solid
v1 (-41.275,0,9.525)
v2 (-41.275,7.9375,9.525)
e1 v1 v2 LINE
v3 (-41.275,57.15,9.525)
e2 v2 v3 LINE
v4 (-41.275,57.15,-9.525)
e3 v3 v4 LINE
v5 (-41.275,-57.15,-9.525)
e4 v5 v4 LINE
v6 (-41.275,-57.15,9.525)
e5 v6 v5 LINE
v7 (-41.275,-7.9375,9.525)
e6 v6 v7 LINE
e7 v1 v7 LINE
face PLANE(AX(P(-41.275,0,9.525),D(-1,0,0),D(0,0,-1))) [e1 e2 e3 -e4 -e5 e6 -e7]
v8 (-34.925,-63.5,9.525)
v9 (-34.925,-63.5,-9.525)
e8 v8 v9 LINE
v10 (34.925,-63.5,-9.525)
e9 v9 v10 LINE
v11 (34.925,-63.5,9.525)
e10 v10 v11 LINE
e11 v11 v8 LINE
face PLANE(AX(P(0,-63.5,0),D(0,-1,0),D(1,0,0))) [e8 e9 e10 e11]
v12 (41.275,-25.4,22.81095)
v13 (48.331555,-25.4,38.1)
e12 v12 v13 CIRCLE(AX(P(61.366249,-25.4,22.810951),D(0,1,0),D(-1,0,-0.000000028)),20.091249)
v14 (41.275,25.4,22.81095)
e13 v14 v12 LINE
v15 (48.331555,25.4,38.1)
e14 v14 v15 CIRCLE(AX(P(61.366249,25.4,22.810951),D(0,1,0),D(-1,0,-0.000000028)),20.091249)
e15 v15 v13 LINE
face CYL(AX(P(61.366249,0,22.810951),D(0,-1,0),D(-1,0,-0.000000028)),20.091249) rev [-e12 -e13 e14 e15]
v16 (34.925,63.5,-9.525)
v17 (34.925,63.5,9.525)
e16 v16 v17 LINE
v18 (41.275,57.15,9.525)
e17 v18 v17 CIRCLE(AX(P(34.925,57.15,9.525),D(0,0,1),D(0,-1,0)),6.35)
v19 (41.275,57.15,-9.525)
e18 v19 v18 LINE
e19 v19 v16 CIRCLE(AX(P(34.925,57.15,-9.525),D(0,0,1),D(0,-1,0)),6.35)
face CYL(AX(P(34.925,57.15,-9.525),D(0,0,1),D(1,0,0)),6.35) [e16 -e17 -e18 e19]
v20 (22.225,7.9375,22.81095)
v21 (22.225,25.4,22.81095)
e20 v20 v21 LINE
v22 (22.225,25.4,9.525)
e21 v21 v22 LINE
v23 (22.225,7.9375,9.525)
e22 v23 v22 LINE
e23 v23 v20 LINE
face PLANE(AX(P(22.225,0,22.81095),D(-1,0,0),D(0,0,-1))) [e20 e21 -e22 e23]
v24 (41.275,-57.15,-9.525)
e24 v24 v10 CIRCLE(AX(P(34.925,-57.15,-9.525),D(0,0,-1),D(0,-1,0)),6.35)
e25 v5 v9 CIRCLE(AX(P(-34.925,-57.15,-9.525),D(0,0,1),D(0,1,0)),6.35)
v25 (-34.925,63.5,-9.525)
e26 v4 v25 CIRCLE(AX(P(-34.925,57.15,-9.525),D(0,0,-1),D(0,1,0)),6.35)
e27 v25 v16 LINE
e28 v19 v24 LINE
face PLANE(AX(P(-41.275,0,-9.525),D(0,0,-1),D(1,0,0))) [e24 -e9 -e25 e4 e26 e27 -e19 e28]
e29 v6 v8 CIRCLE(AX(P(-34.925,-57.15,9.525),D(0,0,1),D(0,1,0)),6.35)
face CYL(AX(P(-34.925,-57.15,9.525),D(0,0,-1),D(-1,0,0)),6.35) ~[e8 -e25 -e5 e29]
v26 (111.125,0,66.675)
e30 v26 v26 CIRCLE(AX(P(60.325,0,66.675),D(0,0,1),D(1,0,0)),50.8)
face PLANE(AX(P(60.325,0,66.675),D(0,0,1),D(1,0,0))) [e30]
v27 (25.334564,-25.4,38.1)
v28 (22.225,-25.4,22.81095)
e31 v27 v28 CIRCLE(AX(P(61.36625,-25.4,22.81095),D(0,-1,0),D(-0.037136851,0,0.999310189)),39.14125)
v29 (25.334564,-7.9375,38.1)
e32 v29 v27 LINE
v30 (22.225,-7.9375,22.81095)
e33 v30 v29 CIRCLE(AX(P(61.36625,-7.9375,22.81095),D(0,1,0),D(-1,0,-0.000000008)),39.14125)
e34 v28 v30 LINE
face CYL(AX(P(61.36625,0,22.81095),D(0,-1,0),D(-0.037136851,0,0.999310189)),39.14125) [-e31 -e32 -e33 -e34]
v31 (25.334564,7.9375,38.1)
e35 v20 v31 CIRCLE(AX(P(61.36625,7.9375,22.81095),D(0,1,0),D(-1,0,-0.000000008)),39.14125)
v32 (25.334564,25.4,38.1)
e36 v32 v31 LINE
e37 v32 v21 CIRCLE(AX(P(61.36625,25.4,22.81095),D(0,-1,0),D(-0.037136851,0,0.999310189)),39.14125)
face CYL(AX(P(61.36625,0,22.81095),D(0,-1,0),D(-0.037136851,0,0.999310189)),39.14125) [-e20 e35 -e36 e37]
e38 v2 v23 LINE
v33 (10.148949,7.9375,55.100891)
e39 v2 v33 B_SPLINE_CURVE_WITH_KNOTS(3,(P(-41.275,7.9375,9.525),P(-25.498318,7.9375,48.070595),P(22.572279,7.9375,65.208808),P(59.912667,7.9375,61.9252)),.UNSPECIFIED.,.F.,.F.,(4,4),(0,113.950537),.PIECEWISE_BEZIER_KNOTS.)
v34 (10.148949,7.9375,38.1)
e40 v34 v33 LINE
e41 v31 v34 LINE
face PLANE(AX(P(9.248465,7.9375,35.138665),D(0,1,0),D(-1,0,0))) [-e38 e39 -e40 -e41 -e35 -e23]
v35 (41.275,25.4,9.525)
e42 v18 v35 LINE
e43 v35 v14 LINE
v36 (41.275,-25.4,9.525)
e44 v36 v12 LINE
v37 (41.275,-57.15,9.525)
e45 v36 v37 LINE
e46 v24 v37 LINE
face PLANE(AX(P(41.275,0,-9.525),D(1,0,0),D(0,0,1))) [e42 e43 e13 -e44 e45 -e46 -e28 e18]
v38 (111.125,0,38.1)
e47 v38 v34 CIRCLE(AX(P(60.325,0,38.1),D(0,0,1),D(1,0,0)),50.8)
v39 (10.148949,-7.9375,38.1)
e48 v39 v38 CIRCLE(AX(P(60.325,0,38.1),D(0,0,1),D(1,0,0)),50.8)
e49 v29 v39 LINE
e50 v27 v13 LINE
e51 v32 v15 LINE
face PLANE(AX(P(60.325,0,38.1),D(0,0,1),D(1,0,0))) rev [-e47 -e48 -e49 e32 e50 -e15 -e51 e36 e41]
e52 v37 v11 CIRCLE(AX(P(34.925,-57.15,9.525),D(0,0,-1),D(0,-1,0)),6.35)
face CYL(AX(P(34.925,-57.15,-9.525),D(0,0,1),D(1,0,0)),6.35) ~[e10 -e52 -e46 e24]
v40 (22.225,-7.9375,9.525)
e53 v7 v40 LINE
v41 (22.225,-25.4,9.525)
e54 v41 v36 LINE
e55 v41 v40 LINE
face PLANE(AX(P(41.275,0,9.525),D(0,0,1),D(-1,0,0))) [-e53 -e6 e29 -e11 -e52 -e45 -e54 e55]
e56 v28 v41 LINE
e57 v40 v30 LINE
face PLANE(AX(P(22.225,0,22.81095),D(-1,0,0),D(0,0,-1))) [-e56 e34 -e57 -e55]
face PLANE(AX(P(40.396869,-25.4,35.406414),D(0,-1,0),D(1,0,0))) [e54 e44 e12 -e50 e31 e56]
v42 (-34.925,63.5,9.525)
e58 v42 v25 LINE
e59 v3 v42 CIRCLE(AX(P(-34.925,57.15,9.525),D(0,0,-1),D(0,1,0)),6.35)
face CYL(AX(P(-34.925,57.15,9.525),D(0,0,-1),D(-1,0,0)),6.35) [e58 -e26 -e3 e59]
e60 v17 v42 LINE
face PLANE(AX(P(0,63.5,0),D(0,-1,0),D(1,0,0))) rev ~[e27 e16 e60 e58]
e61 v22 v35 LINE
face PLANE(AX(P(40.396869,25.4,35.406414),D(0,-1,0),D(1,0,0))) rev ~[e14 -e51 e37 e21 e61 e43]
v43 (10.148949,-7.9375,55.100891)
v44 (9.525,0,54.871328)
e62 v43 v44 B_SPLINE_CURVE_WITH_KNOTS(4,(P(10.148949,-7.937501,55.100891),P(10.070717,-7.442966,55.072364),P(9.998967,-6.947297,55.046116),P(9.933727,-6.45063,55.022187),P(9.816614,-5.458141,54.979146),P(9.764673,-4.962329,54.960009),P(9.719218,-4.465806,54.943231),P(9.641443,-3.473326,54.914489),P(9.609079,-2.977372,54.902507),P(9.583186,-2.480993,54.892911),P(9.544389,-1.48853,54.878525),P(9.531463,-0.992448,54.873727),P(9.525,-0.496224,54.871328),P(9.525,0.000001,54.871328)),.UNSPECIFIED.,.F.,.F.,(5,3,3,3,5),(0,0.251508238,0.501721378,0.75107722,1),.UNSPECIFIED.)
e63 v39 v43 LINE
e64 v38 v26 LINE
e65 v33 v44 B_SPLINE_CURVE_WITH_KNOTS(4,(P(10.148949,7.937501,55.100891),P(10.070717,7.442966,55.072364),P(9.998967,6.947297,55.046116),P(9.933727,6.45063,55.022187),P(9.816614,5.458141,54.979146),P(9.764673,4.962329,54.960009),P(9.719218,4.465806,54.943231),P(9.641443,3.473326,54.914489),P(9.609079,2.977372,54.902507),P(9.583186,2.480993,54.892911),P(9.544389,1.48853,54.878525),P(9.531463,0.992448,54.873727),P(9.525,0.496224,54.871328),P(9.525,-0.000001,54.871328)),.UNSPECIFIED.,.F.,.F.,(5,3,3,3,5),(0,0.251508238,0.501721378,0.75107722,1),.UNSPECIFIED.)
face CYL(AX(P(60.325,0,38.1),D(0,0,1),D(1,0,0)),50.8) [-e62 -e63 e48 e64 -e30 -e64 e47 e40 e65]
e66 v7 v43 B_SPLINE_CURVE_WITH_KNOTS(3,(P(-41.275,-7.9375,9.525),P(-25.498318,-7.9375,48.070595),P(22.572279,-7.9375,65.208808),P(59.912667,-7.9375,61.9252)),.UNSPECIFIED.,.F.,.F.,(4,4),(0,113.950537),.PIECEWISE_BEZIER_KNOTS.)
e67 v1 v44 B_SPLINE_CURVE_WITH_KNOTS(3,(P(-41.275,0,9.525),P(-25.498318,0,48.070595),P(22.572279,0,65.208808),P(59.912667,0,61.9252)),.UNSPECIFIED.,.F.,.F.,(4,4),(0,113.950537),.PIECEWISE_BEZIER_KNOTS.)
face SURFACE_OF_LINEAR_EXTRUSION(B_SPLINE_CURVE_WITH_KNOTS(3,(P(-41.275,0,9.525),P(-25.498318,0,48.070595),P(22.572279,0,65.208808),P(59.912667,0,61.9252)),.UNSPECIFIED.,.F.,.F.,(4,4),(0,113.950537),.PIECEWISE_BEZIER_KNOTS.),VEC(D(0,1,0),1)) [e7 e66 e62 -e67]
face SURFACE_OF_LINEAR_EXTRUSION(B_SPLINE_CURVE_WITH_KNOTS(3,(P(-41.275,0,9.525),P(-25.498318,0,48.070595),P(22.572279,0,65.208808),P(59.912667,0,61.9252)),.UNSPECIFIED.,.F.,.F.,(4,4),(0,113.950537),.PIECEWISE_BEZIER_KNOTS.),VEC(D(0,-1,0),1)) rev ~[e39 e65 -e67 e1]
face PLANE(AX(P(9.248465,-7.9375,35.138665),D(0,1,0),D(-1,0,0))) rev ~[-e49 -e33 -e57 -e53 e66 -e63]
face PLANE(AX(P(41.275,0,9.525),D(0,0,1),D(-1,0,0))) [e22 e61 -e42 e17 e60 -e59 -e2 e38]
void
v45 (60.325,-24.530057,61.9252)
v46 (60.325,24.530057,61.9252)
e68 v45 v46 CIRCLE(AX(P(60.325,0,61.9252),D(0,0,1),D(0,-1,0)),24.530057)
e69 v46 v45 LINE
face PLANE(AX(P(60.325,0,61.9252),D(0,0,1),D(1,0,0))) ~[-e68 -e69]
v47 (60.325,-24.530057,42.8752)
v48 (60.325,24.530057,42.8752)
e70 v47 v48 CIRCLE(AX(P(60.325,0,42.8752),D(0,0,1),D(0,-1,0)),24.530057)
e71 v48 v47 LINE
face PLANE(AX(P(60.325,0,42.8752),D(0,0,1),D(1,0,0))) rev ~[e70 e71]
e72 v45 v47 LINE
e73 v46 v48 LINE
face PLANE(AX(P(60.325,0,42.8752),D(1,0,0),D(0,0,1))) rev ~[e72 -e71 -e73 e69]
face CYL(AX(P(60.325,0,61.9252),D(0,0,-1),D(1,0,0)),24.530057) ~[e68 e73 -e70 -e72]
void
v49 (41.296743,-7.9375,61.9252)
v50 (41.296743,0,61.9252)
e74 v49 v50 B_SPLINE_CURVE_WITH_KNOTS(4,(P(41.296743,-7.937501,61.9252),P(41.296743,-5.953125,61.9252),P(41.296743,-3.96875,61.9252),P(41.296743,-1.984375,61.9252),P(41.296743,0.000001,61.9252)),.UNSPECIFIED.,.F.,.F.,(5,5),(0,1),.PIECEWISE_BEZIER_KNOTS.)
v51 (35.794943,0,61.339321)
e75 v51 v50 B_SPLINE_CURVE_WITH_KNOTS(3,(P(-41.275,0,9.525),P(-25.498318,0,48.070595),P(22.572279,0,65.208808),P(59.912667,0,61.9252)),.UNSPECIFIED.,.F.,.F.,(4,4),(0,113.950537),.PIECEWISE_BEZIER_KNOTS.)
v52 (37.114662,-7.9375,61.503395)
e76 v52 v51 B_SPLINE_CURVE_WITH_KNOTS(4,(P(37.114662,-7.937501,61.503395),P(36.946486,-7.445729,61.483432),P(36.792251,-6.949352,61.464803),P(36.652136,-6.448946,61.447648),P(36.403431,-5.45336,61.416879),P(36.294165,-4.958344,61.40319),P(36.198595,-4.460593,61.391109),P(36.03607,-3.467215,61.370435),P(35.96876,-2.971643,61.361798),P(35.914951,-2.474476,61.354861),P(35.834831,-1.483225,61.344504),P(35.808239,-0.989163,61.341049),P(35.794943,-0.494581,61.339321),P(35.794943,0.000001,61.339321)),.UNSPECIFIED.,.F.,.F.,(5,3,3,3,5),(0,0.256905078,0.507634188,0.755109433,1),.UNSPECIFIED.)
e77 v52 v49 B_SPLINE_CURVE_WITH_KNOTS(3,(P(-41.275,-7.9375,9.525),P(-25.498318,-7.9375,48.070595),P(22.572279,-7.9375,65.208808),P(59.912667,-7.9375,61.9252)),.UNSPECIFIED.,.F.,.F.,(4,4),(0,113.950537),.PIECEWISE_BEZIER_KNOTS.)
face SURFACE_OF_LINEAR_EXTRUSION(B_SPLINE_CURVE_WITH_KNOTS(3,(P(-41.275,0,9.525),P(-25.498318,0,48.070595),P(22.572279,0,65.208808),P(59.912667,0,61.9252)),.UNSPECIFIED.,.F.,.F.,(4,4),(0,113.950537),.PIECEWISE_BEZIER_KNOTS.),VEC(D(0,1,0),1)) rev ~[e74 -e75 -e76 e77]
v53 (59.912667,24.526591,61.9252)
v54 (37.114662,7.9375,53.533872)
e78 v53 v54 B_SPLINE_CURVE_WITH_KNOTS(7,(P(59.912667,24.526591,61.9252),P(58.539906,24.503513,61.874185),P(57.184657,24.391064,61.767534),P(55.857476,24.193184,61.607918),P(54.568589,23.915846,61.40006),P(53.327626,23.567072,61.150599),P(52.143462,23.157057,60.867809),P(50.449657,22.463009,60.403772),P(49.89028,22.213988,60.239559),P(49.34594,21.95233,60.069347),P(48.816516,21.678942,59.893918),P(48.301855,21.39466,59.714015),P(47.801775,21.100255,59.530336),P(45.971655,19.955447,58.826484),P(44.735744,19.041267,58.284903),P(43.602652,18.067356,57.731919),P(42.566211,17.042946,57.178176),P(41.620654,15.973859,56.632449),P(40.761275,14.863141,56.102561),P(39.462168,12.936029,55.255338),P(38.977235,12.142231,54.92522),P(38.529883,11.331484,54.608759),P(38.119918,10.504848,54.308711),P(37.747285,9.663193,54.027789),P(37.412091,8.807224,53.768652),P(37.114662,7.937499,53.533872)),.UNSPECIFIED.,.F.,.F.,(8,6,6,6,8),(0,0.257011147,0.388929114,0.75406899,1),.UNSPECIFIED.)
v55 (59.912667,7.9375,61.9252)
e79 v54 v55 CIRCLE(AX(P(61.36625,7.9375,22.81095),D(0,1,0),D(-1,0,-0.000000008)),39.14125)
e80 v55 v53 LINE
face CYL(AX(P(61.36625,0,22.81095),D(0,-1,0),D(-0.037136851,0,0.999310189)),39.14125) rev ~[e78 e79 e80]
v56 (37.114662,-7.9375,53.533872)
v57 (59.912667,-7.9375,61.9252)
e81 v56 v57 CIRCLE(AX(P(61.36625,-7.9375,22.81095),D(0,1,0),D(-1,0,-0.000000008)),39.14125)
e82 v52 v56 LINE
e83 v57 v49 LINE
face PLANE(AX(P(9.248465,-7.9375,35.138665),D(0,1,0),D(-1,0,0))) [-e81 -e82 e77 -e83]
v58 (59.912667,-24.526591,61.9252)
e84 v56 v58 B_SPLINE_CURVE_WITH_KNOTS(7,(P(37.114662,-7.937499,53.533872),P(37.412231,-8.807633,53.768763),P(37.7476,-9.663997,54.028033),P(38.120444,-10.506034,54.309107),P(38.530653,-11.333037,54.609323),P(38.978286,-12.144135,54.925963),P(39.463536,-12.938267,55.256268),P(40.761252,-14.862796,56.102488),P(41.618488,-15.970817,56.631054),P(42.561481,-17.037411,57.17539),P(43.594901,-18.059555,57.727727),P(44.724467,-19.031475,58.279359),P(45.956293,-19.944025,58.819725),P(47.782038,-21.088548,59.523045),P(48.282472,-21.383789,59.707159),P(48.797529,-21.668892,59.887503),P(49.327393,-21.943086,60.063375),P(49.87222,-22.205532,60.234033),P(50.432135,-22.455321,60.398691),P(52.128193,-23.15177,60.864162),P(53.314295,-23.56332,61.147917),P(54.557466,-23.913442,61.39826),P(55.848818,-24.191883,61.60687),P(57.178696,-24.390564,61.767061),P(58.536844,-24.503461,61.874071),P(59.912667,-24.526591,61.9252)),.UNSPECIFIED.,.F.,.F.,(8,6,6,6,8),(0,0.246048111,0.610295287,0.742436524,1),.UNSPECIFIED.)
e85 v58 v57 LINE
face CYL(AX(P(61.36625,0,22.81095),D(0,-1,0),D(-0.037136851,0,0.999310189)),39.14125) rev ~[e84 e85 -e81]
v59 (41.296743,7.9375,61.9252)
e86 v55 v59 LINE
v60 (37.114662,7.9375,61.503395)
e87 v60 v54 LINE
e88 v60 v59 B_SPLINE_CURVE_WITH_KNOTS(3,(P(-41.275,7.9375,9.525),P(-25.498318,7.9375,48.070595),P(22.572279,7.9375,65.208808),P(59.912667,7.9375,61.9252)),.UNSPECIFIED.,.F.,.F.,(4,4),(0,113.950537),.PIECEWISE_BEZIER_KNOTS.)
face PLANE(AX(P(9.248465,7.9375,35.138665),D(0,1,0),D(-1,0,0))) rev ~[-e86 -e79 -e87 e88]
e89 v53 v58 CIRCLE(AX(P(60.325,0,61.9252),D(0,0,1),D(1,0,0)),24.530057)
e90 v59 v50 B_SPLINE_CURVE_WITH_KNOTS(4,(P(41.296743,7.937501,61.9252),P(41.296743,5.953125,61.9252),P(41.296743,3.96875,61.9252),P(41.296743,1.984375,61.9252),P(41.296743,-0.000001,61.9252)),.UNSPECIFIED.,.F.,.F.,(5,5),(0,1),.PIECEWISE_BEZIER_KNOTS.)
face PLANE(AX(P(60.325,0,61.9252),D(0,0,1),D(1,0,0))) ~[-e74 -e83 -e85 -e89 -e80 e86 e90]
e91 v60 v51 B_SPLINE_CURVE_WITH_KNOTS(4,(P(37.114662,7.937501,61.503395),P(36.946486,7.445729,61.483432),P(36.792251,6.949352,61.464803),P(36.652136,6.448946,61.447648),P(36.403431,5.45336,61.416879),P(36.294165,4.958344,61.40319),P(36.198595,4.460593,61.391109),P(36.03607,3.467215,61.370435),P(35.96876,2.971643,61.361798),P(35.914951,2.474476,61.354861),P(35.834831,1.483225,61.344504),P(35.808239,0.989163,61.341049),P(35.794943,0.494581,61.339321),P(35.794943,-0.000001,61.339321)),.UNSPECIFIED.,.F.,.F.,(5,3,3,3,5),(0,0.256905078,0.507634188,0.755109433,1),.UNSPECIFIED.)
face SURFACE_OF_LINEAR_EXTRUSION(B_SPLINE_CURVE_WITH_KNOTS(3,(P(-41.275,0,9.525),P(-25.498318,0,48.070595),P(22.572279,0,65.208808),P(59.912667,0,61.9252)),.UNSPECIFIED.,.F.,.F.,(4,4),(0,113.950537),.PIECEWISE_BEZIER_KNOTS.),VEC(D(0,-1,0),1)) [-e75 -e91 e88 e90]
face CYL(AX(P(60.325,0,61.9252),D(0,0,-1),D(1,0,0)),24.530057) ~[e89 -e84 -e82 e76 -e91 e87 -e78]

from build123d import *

# Parameters (mm, degrees)
F1_DEPTH = 63.5
F2_DEPTH = 25.4
F3_DEPTH = 7.9375
F5_R     = 6.35


with BuildPart() as f1:
    # F0 (on Front) → F1 (new body, symmetric)
    with BuildSketch(Plane.XZ):
        Polygon((-41.275, -9.525), (41.275, -9.525), (41.275, 9.525), (22.225, 9.525), (-41.275, 9.525), align=None)
    extrude(amount=F1_DEPTH, both=True)

    # F0 (on Front) → F2 (join, symmetric)
    with BuildSketch(Plane.XZ):
        with BuildLine():
            Line((22.225, 9.525), (41.275, 9.525))
            Line((41.275, 9.525), (41.275, 22.81095))
            ThreePointArc((41.275, 22.81095), (46.796103, 36.644574), (60.325, 42.8752))
            Line((60.325, 42.8752), (60.325, 61.9252))
            Line((60.325, 61.9252), (59.912667, 61.9252))
            ThreePointArc((59.912667, 61.9252), (33.179972, 49.969212), (22.225, 22.81095))
            Line((22.225, 22.81095), (22.225, 9.525))
        make_face()
    extrude(amount=F2_DEPTH, both=True)

    # F0 (on Front) → F3 (join, symmetric)
    with BuildSketch(Plane.XZ):
        with BuildLine():
            add(Edge.make_bspline(
                [(-41.275, 9.525), (-25.498318, 48.070595), (22.572279, 65.208808), (59.912667, 61.9252)],
                knots=[0, 0, 0, 0, 113.950537, 113.950537, 113.950537, 113.950537], degree=3))
            Line((-41.275, 9.525), (22.225, 9.525))
            Line((22.225, 9.525), (22.225, 22.81095))
            ThreePointArc((22.225, 22.81095), (33.179972, 49.969212), (59.912667, 61.9252))
        make_face()
    extrude(amount=F3_DEPTH, both=True)

    # F0 (on Front) → F4 (revolve)
    with BuildSketch(Plane.XZ):
        Polygon((84.855057, 42.8752), (60.325, 42.8752), (60.325, 38.1), (111.125, 38.1), (111.125, 66.675), (60.325, 66.675), (60.325, 61.9252), (84.855057, 61.9252), align=None)
    revolve(axis=Axis((60.325, 0, 52.3875), (0, 0, 1)))

    # F5
    f5_edges = [f1.edges().sort_by_distance(p)[0] for p in [
        (-41.275, -63.5, 0),
        (41.275, -63.5, 0),
        (-41.275, 63.5, 0),
        (41.275, 63.5, 0),
    ]]
    fillet(f5_edges, radius=F5_R)


solid = f1.part
